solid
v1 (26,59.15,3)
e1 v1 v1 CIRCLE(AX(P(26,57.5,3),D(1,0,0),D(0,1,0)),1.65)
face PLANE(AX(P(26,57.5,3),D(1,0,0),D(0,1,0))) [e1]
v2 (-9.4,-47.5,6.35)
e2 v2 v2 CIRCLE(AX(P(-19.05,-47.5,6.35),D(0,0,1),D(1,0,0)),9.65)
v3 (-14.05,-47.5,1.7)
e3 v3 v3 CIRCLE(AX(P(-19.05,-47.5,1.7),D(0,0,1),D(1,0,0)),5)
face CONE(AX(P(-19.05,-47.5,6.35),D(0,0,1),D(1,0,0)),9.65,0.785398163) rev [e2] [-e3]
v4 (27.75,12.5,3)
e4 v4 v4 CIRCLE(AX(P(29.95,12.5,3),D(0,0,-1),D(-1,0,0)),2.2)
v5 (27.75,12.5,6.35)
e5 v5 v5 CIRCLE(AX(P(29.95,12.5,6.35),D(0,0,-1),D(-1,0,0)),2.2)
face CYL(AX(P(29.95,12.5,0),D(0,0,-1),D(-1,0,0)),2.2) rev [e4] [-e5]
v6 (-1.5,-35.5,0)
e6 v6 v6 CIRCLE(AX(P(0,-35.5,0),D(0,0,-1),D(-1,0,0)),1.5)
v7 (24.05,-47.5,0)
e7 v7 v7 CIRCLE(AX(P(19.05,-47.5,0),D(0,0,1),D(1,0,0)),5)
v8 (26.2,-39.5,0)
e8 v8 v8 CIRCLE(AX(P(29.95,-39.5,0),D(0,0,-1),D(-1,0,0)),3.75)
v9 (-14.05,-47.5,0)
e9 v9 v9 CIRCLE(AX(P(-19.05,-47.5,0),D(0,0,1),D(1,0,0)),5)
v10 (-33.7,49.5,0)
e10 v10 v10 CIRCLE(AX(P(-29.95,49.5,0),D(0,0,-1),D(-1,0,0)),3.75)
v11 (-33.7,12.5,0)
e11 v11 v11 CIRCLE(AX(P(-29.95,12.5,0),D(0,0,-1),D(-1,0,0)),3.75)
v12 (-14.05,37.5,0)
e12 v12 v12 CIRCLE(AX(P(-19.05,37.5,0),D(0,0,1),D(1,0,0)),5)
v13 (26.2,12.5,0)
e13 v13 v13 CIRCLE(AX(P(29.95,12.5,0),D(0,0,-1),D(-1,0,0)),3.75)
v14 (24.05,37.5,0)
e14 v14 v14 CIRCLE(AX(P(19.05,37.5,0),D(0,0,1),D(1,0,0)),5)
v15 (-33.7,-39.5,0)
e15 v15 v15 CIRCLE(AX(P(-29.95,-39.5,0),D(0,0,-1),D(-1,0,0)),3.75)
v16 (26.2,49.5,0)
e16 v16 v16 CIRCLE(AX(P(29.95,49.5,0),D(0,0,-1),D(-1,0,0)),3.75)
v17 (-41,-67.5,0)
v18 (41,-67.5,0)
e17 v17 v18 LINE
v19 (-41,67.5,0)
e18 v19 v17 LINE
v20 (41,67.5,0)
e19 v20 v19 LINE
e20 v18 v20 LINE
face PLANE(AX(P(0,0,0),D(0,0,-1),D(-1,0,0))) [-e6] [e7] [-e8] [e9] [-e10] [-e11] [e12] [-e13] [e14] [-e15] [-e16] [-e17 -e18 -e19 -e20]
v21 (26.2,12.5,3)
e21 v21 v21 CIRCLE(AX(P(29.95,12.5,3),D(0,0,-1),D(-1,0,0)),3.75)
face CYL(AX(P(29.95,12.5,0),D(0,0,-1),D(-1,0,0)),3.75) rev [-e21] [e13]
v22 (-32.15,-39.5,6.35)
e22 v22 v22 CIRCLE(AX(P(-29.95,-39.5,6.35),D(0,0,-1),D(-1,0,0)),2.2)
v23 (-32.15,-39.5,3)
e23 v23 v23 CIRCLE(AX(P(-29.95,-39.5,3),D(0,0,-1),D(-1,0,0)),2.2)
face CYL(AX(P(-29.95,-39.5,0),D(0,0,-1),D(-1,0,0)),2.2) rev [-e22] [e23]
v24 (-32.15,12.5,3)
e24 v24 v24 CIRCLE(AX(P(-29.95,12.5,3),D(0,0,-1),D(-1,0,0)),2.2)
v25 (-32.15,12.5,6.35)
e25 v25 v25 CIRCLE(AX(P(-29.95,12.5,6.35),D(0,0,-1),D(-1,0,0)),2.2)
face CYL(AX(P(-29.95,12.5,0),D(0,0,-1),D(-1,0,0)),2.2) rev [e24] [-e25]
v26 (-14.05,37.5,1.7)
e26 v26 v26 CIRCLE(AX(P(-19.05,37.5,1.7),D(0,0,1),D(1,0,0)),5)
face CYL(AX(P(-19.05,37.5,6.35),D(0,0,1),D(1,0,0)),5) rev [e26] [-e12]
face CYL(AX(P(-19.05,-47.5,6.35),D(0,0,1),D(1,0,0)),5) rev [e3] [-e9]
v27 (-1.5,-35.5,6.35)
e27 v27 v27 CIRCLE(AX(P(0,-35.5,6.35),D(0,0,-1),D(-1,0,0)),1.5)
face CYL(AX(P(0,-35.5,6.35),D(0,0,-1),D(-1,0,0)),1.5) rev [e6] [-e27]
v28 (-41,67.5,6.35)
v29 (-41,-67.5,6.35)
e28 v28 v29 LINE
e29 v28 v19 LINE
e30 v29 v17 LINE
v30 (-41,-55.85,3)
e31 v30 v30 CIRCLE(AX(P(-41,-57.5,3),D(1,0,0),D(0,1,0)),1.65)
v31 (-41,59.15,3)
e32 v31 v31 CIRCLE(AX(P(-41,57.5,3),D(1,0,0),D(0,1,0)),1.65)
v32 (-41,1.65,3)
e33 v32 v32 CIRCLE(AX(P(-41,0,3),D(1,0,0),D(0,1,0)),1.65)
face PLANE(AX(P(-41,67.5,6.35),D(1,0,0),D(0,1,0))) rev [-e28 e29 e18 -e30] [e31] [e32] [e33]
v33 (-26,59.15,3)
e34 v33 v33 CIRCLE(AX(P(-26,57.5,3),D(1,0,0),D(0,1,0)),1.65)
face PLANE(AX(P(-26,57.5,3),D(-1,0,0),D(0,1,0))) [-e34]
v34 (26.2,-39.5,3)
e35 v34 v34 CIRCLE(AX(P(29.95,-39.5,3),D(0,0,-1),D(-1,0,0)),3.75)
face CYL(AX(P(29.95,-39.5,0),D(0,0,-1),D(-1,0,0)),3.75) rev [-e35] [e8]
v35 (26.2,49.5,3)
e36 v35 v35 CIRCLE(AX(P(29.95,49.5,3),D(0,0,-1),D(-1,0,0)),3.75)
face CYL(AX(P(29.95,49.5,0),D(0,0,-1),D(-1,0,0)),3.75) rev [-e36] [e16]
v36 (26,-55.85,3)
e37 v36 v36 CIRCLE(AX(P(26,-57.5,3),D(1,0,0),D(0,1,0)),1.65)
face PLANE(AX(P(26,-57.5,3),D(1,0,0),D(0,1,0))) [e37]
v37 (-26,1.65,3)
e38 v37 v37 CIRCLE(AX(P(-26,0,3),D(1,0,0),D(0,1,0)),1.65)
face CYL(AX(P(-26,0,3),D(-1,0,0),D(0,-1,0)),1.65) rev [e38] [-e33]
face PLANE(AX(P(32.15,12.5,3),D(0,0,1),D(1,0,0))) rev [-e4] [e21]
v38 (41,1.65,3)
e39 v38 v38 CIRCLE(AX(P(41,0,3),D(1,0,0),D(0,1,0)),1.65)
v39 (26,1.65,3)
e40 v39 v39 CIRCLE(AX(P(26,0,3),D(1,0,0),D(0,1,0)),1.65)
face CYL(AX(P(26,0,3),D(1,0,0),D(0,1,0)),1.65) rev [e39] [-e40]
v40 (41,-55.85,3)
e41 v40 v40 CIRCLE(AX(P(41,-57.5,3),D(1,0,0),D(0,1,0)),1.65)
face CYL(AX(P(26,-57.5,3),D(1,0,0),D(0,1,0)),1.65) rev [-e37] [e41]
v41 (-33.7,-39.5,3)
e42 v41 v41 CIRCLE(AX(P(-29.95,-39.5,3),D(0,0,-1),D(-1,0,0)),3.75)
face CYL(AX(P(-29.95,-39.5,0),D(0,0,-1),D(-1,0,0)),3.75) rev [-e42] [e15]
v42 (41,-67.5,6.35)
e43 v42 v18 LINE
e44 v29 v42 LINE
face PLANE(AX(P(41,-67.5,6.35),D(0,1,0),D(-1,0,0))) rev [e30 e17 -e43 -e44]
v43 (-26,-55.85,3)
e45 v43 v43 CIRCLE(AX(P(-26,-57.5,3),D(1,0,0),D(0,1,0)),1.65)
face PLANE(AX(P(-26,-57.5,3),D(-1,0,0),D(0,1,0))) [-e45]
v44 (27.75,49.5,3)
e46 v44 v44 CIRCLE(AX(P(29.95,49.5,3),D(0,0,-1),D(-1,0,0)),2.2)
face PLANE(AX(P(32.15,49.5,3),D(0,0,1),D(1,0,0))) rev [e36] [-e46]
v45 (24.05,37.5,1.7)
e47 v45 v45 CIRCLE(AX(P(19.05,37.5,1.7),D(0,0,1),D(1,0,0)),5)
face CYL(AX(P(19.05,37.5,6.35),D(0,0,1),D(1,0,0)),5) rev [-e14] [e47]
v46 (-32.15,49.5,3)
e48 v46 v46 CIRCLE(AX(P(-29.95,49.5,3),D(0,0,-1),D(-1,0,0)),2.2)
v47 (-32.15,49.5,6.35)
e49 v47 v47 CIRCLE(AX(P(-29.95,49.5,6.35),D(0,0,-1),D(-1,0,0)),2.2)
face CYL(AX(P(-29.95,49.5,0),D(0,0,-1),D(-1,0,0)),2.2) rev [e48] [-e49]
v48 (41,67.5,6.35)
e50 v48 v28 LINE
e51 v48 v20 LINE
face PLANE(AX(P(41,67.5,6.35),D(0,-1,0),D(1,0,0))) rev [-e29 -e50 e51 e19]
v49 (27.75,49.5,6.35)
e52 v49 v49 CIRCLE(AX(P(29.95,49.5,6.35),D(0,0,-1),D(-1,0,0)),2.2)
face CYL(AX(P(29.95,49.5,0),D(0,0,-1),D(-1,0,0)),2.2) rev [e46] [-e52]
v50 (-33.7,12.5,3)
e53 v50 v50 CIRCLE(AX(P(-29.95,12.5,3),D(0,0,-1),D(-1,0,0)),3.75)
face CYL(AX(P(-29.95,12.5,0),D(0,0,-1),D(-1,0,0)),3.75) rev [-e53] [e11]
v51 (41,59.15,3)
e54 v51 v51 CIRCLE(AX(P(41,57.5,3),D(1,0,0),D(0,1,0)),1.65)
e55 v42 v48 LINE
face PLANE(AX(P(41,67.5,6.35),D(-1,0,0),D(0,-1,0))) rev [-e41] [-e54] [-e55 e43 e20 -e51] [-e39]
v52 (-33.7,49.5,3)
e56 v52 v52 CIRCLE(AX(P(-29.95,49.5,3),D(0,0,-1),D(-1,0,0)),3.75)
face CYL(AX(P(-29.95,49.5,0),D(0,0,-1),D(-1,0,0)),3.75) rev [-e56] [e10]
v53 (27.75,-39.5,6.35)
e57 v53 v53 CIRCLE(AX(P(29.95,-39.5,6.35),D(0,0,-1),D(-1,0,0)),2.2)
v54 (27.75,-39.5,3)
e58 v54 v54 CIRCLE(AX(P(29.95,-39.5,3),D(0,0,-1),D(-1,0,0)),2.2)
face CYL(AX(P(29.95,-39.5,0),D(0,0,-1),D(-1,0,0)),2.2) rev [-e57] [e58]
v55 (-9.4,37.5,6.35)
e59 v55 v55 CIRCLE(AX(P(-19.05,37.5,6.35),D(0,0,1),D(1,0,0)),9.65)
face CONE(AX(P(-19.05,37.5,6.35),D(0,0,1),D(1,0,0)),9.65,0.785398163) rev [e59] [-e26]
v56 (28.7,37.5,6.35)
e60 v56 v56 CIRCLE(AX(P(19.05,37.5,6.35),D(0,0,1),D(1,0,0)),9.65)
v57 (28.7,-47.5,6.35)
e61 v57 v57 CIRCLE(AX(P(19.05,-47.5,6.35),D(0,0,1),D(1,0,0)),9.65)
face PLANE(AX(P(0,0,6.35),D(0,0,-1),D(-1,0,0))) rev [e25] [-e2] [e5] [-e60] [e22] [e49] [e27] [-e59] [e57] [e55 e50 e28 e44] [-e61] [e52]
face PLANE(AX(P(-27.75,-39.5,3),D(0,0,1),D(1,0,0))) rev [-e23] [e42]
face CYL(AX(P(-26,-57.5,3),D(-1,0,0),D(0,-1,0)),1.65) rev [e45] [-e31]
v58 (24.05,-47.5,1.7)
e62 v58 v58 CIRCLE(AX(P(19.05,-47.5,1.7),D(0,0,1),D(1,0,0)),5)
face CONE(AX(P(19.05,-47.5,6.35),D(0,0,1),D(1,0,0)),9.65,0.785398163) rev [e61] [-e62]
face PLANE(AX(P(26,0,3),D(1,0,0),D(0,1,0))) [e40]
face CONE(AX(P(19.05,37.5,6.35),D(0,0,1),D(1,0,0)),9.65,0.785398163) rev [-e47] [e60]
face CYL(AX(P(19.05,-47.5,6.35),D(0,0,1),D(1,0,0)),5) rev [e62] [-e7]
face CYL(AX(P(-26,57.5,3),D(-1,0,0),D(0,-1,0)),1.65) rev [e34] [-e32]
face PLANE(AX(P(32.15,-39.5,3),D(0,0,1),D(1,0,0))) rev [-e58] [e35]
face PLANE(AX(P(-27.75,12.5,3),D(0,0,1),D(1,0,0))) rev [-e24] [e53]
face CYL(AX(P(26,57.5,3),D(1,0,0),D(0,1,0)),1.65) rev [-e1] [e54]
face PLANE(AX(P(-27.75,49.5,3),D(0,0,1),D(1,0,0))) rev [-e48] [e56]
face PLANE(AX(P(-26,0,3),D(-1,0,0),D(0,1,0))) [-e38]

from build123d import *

# Parameters (mm, degrees)
SKETCH1_W                                      = 82
SKETCH1_H                                      = 135
BOSS_EXTRUDE1_DEPTH                            = 6.35
CSK_FOR_M8_FLAT_HEAD_MACHINE_SCREW1_AT_2_COUNT = 2
CSK_FOR_M8_FLAT_HEAD_MACHINE_SCREW1_AT_2_PITCH = 38.1
CSK_FOR_M8_FLAT_HEAD_MACHINE_SCREW1_AT_3_COUNT = 2
CSK_FOR_M8_FLAT_HEAD_MACHINE_SCREW1_AT_3_PITCH = 85
CSK_FOR_M8_FLAT_HEAD_MACHINE_SCREW1_AT_4_COUNT = 2
CSK_FOR_M8_FLAT_HEAD_MACHINE_SCREW1_AT_4_PITCH = 93.148322583
SKETCH9_R                                      = 1.5
CUT_EXTRUDE2_DEPTH                             = 80.231133401
HOLE1_D                                        = 4.4
HOLE1_CBORE_D                                  = 7.5
HOLE1_CBORE_DEPTH                              = 3
SKETCH14_R                                     = 1.65
CUT_EXTRUDE4_DEPTH                             = 15


with BuildPart() as part:
    # Sketch1 → Boss-Extrude1 (new body)
    with BuildSketch(Plane.XY):
        Rectangle(SKETCH1_W, SKETCH1_H)
    extrude(amount=BOSS_EXTRUDE1_DEPTH)

    # Sketch4 → CSK for M8 Flat Head Machine Screw1 (revolve, cut)
    with BuildSketch(Plane(origin=(-19.05, 37.5, 6.35), x_dir=(0, -1, 0), z_dir=(1, 0, 0))):
        Polygon((0, 0), (0, 6.35), (5, 6.35), (5, 4.65), (9.65, 0), align=None)
    csk_for_m8_flat_head_machine_screw1 = revolve(axis=Axis((-19.05, 37.5, 12.7), (0, 0, -1)), mode=Mode.SUBTRACT)

    # CSK for M8 Flat Head Machine Screw1 at 2: CSK for M8 Flat Head Machine Screw1 ×2
    with Locations(*[(i * CSK_FOR_M8_FLAT_HEAD_MACHINE_SCREW1_AT_2_PITCH, 0, 0) for i in range(1, CSK_FOR_M8_FLAT_HEAD_MACHINE_SCREW1_AT_2_COUNT)]):
        add(csk_for_m8_flat_head_machine_screw1, mode=Mode.SUBTRACT)

    # CSK for M8 Flat Head Machine Screw1 at 3: CSK for M8 Flat Head Machine Screw1 ×2
    with Locations(*[(0, -i * CSK_FOR_M8_FLAT_HEAD_MACHINE_SCREW1_AT_3_PITCH, 0) for i in range(1, CSK_FOR_M8_FLAT_HEAD_MACHINE_SCREW1_AT_3_COUNT)]):
        add(csk_for_m8_flat_head_machine_screw1, mode=Mode.SUBTRACT)

    # CSK for M8 Flat Head Machine Screw1 at 4: CSK for M8 Flat Head Machine Screw1 ×2
    with Locations(*[Vector(0.4090250789659619, -0.9125231420500461, 0) * (i * CSK_FOR_M8_FLAT_HEAD_MACHINE_SCREW1_AT_4_PITCH) for i in range(1, CSK_FOR_M8_FLAT_HEAD_MACHINE_SCREW1_AT_4_COUNT)]):
        add(csk_for_m8_flat_head_machine_screw1, mode=Mode.SUBTRACT)

    # Sketch9 → Cut-Extrude2 (cut, through all)
    with BuildSketch(Plane(origin=(0, 0, 0), x_dir=(-1, 0, 0), z_dir=(0, 0, -1))):
        with Locations((0, -35.5)):
            Circle(SKETCH9_R)
    extrude(amount=-CUT_EXTRUDE2_DEPTH, mode=Mode.SUBTRACT)

    # Hole1 (through all)
    with Locations(Plane(origin=(0, 0, 0), x_dir=(-1, 0, 0), z_dir=(0, 0, -1))):
        with Locations((-29.95, -39.5), (-29.95, 12.5), (-29.95, 49.5), (29.95, 49.5), (29.95, 12.5), (29.95, -39.5)):
            CounterBoreHole(HOLE1_D / 2, HOLE1_CBORE_D / 2, HOLE1_CBORE_DEPTH)

    # Sketch14 → Cut-Extrude4 (cut)
    with BuildSketch(Plane(origin=(41, 0, 0), x_dir=(0, 0, -1), z_dir=(1, 0, 0))):
        with Locations(Location((-3, 57.5, 0), (0, 0, 90))):
            Circle(SKETCH14_R)
        with Locations(Location((-3, 0, 0), (0, 0, 90))):
            Circle(SKETCH14_R)
        with Locations(Location((-3, -57.5, 0), (0, 0, 90))):
            Circle(SKETCH14_R)
    cut_extrude4 = extrude(amount=-CUT_EXTRUDE4_DEPTH, mode=Mode.SUBTRACT)

    # Mirror1: Cut-Extrude4 across plane
    add(cut_extrude4.mirror(Plane(origin=(0, 0, 0), x_dir=(0, 0, 1), z_dir=(1, 0, 0))), mode=Mode.SUBTRACT)


solid = part.part
